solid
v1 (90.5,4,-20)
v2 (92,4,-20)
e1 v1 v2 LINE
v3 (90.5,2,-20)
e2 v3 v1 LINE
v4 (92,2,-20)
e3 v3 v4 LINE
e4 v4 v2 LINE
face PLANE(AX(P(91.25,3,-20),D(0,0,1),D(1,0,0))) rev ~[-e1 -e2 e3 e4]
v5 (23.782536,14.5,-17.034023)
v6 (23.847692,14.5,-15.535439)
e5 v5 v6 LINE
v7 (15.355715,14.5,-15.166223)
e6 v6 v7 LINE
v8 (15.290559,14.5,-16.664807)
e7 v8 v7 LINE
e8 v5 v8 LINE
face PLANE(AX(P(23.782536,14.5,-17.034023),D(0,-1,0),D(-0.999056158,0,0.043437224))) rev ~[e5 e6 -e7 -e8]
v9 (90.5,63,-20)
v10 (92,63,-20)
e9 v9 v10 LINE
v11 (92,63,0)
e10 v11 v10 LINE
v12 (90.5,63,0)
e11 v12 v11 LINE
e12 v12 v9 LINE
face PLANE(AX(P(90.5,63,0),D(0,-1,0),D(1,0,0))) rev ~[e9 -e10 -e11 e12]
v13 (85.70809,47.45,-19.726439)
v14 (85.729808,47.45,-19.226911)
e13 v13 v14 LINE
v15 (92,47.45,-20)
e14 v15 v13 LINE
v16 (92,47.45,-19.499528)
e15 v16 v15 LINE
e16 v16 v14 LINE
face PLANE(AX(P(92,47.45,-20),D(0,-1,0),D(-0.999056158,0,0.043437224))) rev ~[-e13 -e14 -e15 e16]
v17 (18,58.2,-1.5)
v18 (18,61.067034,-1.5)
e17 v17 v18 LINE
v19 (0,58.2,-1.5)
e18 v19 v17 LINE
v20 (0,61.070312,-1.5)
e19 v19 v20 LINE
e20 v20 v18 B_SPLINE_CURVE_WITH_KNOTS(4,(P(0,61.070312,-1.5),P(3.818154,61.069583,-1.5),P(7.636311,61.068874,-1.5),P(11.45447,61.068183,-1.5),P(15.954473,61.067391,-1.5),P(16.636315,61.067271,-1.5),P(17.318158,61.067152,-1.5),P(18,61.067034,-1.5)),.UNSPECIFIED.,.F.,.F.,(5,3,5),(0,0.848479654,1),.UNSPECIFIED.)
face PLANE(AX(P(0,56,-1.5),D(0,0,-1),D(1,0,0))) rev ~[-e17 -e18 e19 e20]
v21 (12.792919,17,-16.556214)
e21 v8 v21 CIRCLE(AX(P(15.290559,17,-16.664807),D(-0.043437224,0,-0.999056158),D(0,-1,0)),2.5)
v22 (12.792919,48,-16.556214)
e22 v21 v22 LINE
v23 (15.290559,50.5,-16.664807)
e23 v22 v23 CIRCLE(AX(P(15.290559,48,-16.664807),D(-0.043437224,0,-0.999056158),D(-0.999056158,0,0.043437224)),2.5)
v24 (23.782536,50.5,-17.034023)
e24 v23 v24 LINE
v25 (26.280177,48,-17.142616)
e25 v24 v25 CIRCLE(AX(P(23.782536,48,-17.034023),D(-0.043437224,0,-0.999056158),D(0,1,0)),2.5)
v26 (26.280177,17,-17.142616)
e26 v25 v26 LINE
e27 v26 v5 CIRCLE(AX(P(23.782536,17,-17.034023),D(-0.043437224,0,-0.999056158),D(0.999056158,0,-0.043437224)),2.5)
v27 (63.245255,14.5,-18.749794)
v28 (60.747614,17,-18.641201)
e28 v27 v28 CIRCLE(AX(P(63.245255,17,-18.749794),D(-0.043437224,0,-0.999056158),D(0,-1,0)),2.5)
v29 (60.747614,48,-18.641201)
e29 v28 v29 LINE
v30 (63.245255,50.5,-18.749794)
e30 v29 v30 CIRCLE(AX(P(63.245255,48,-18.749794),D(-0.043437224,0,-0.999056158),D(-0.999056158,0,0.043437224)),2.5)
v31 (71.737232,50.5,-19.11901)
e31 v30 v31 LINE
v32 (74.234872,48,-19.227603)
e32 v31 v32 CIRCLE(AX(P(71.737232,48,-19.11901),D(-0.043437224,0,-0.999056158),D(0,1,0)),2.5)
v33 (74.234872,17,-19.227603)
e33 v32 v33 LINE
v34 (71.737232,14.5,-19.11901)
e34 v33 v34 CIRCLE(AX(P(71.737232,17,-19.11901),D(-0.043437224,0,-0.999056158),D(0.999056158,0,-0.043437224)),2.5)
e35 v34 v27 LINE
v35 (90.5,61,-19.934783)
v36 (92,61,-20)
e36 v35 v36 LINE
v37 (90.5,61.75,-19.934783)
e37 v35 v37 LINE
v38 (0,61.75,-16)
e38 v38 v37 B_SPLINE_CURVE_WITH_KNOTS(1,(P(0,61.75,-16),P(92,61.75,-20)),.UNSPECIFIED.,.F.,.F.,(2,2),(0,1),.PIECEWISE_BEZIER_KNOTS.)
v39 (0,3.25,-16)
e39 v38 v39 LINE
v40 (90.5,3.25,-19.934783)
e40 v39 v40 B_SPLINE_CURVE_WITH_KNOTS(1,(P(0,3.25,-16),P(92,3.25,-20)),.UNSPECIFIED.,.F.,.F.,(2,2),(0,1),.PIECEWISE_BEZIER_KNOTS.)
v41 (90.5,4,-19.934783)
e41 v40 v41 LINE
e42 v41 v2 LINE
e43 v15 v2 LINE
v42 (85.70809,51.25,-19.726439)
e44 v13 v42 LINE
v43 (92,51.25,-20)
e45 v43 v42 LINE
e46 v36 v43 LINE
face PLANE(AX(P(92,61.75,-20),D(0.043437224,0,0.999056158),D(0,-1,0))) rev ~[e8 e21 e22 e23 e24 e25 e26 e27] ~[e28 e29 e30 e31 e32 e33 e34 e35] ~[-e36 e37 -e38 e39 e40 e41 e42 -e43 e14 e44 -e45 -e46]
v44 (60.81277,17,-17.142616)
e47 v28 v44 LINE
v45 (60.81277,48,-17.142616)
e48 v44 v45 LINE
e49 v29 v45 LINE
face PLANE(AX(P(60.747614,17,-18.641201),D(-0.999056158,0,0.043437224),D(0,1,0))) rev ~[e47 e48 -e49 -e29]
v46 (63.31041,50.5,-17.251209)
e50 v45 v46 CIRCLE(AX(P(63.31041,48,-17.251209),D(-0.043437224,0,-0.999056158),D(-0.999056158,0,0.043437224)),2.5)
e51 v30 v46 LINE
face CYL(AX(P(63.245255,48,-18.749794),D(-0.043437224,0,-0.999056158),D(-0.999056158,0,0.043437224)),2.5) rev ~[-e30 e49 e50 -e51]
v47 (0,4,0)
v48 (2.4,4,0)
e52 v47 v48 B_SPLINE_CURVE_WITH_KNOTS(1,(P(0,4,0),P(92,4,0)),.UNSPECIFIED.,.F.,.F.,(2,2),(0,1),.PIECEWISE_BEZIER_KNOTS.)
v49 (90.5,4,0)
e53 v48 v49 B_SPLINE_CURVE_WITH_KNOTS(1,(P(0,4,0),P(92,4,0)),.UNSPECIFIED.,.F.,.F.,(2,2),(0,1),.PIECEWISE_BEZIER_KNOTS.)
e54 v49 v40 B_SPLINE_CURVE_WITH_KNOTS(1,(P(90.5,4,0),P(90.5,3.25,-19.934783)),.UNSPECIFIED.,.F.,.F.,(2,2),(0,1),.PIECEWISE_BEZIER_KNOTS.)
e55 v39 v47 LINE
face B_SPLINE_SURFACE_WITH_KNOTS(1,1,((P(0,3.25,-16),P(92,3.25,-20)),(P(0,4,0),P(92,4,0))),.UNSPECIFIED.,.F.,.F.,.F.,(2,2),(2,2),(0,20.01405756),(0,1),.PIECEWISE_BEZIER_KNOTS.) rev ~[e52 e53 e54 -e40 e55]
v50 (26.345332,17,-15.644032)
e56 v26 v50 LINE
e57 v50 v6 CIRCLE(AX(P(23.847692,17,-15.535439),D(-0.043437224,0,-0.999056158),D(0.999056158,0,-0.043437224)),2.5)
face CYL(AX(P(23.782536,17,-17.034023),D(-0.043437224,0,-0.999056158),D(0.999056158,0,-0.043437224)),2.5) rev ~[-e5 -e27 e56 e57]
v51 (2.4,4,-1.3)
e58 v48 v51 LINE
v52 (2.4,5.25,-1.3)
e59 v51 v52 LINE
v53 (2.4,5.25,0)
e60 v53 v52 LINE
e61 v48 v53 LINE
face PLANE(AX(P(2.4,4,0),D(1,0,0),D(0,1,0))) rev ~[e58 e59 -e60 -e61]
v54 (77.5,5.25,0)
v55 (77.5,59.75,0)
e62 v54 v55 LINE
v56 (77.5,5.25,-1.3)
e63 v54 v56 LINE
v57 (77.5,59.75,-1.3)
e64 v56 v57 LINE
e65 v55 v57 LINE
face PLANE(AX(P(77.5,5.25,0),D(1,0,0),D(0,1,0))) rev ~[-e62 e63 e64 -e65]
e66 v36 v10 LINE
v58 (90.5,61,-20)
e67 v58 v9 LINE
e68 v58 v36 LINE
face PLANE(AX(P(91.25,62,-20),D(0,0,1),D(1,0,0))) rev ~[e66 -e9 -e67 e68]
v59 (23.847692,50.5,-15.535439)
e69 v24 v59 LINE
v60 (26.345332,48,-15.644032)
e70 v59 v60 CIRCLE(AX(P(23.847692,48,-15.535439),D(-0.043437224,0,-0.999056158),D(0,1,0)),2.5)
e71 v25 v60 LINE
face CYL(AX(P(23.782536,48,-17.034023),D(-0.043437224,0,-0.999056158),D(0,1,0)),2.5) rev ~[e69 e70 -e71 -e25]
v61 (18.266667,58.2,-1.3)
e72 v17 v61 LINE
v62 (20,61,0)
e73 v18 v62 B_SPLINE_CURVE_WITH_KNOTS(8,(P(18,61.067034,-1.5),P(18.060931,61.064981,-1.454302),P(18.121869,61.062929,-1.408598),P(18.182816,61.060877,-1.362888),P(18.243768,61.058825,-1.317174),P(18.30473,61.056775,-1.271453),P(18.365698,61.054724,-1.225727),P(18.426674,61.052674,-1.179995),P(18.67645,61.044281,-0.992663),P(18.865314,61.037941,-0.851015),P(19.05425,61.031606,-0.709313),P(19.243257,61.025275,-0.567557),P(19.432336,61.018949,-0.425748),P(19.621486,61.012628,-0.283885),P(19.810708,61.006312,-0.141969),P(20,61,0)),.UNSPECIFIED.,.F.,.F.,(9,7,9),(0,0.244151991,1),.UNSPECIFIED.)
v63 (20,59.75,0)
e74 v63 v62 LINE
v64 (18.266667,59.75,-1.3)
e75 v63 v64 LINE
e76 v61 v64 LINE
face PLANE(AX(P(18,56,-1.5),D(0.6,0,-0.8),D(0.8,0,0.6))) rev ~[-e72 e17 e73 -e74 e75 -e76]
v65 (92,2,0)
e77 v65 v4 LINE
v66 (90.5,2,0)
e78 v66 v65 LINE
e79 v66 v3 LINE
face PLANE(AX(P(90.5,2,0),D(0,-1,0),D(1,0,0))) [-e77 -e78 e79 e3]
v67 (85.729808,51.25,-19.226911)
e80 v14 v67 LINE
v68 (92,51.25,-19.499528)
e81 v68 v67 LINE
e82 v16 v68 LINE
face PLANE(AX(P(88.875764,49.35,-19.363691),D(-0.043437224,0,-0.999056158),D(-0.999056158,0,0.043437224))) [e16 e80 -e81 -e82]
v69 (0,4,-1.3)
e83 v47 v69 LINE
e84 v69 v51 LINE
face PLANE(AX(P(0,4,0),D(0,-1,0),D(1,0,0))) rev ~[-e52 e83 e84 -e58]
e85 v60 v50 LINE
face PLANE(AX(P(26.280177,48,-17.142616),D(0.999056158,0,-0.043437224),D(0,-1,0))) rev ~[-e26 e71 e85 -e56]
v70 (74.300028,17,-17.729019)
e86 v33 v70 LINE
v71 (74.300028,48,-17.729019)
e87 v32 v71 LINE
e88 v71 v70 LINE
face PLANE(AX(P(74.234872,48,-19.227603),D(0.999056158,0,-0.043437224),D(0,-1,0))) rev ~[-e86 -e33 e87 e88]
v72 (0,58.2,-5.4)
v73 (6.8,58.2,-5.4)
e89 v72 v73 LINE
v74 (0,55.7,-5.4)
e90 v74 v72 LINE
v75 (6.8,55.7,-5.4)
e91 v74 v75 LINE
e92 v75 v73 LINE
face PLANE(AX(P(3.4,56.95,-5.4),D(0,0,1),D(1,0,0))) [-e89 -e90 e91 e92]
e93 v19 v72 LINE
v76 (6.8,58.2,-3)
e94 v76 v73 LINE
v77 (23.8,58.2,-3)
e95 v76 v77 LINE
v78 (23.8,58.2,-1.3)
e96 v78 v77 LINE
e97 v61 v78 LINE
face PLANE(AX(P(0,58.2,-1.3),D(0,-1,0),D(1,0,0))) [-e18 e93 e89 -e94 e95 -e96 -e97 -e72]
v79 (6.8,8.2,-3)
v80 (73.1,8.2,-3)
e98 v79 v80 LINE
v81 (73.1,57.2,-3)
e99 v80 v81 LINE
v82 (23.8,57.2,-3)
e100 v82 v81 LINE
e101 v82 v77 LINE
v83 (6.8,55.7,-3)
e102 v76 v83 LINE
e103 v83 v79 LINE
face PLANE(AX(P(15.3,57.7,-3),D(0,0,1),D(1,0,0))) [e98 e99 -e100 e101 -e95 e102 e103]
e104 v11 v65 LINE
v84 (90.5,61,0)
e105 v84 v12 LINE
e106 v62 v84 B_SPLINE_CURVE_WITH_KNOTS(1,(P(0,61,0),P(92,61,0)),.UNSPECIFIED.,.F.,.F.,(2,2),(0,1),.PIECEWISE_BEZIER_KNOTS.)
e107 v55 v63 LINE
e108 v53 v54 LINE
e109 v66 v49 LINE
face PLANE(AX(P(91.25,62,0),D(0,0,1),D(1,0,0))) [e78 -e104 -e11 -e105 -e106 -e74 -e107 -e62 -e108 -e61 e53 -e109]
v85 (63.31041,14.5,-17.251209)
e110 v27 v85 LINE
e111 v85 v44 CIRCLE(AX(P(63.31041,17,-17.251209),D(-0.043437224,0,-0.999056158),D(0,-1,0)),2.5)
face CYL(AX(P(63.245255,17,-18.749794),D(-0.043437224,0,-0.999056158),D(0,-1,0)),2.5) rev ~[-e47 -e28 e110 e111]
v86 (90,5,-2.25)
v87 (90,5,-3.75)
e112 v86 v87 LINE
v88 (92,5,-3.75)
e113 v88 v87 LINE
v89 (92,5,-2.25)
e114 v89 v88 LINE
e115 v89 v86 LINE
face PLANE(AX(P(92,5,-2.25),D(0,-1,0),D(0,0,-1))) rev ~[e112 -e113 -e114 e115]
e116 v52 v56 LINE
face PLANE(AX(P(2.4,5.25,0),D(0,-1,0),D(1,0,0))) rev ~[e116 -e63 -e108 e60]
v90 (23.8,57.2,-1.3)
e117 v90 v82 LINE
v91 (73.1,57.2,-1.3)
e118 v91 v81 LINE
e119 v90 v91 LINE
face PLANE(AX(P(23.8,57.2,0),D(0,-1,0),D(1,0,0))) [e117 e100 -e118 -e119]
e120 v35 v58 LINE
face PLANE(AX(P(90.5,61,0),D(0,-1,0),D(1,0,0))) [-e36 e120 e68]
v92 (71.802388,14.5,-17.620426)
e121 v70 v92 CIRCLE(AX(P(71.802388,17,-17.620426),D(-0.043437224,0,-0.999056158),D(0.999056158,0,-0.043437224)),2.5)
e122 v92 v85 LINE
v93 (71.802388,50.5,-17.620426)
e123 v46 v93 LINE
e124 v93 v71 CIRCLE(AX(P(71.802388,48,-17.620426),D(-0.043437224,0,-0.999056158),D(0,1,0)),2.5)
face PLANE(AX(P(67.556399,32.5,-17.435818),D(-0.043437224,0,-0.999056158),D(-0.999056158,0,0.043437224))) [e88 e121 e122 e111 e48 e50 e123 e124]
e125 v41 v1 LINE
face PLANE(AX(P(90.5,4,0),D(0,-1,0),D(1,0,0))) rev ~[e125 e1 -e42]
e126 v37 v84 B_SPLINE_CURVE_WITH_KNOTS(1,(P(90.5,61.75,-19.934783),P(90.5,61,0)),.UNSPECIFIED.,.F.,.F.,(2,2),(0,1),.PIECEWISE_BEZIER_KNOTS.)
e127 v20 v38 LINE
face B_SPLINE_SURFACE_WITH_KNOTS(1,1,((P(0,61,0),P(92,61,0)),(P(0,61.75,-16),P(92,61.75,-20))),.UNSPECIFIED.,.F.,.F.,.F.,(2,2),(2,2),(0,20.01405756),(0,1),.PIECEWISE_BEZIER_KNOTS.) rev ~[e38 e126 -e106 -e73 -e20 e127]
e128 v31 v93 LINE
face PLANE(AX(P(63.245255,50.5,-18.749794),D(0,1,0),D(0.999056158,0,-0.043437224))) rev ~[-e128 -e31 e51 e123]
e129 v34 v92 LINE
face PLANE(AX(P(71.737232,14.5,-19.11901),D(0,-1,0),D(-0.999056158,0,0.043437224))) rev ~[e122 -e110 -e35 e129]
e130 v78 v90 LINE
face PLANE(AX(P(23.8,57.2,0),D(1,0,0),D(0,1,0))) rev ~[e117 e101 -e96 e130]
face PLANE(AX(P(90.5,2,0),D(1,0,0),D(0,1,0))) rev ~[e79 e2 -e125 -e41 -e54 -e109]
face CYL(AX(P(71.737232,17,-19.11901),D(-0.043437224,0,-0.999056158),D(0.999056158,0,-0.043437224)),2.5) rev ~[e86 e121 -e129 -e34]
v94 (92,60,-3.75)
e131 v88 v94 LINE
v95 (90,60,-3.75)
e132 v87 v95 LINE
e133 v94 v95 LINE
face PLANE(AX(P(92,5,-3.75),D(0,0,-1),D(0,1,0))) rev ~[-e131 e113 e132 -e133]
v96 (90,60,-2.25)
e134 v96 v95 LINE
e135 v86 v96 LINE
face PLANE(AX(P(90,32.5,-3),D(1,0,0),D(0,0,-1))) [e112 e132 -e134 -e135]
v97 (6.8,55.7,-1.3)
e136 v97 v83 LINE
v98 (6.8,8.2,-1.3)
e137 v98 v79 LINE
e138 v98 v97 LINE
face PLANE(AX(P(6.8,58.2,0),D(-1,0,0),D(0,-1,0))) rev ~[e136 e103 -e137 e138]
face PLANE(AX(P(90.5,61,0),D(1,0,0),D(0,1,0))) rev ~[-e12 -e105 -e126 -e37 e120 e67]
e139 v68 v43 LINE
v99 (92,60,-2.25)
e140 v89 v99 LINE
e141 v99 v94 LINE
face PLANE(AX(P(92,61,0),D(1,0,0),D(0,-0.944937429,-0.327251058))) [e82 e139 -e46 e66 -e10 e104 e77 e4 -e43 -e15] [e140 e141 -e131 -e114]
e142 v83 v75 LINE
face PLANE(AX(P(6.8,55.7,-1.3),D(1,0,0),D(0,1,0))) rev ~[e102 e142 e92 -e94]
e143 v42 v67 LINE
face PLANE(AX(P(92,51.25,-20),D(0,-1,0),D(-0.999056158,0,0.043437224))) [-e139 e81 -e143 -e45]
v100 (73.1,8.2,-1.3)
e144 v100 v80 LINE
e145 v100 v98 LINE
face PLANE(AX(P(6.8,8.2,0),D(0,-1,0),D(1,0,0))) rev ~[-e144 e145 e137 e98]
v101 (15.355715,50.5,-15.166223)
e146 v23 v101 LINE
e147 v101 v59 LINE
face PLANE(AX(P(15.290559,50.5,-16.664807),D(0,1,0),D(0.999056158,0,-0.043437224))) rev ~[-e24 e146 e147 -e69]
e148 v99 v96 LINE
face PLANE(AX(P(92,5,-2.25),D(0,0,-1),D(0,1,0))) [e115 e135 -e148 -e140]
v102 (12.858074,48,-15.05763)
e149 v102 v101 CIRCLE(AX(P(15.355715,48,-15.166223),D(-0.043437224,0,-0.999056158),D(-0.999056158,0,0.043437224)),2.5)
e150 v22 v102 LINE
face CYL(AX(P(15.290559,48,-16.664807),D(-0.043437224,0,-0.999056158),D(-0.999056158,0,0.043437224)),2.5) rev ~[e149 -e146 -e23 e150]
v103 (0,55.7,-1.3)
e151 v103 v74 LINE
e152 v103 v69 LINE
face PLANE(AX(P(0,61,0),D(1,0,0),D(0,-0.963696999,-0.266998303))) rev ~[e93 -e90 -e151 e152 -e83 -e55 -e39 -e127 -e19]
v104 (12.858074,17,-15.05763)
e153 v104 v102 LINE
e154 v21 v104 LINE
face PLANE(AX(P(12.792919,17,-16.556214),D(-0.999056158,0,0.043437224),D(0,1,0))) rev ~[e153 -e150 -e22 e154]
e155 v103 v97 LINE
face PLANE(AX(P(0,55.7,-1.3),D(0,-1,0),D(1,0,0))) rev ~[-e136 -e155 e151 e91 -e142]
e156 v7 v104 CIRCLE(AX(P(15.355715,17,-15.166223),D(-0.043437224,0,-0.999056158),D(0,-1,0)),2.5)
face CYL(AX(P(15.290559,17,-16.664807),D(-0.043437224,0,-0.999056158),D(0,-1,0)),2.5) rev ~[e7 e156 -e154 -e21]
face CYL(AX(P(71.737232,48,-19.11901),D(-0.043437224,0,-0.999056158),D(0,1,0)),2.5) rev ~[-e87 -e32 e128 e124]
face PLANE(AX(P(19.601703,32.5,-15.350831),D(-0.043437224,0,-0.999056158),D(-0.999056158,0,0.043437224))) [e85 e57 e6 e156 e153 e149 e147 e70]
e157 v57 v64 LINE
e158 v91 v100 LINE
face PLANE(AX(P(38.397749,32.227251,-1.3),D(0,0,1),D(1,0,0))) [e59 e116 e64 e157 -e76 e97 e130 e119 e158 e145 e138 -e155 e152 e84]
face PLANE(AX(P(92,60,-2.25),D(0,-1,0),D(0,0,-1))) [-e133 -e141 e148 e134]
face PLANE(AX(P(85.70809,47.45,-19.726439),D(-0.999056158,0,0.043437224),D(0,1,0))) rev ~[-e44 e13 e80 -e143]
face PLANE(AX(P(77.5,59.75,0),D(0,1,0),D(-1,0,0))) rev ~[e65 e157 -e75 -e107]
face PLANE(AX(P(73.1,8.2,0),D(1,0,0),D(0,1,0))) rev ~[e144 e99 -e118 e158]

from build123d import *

# Parameters (mm, degrees)
SKETCH6_W               = 17
SKETCH6_H               = 1
SKETCH6_W_2             = 66.3
SKETCH6_H_2             = 49
FILM_PLANE_DEPTH        = 3
CUT_EXTRUDE2_DEPTH      = 1.3
NOTCH_W                 = 6.8
NOTCH_H                 = 2.5
NOTCH_CUT_DEPTH         = 4.1
SKETCH10_W              = 6.297854397
SKETCH10_H              = 3.8
CUT_EXTRUDE4_DEPTH      = 0.5
CUT_EXTRUDE5_DEPTH      = 1.5
CUT_EXTRUDE6_DEPTH      = 111.449366381
CUT_EXTRUDE6_DEPTH_BACK = 5
SKETCH_1_W              = 1.5
SKETCH_1_H              = 55
OUTLET_DEPTH            = 2
SKETCH_6_W              = 1.5
SKETCH_6_H              = 2
EXTRUDE_1_DEPTH         = 20


with BuildPart() as part:
    # Sketch3 → body section 0
    with BuildSketch(Plane(origin=(0, 0, 0), x_dir=(0, 0, -1), z_dir=(1, 0, 0))):
        with BuildLine():
            Line((0, 61), (16, 61.75))
            Line((16, 61.75), (16, 3.25))
            Line((16, 3.25), (0, 4))
            Line((0, 4), (0, 61))
        make_face()
    # Sketch2 → body section 1
    with BuildSketch(Plane(origin=(92, 0, 0), x_dir=(0, 0, -1), z_dir=(1, 0, 0))):
        with BuildLine():
            Line((0, 61), (20, 61.75))
            Line((20, 61.75), (20, 3.25))
            Line((20, 3.25), (0, 4))
            Line((0, 4), (0, 61))
        make_face()
    loft()

    # Sketch6 → film plane (cut)
    with BuildSketch(Plane.XY):
        with Locations((15.3, 57.7)):
            Rectangle(SKETCH6_W, SKETCH6_H)
        with Locations((39.95, 32.7)):
            Rectangle(SKETCH6_W_2, SKETCH6_H_2)
    extrude(amount=-FILM_PLANE_DEPTH, mode=Mode.SUBTRACT)

    # Sketch7 → Cut-Extrude2 (cut)
    with BuildSketch(Plane.XY):
        Polygon((77.5, 5.25), (77.5, 59.75), (0, 59.75), (0, 4), (2.4, 4), (2.4, 5.25), align=None)
        Polygon((23.8, 58.2), (23.8, 57.2), (73.1, 57.2), (73.1, 8.2), (6.8, 8.2), (6.8, 58.2), align=None, mode=Mode.SUBTRACT)
    extrude(amount=-CUT_EXTRUDE2_DEPTH, mode=Mode.SUBTRACT)

    # notch → notch-cut (cut)
    with BuildSketch(Plane.XY.offset(-1.3)):
        with Locations((3.4, 56.95)):
            Rectangle(NOTCH_W, NOTCH_H)
    extrude(amount=-NOTCH_CUT_DEPTH, mode=Mode.SUBTRACT)

    # Sketch10 → Cut-Extrude4 (cut)
    with BuildSketch(Plane(origin=(-0.694339623, 0, -15.969811321), x_dir=(-0.9990561583550596, 0, 0.04343722427630701), z_dir=(-0.043437224276307015, 0, -0.9990561583550597))):
        with Locations((-89.632983856, 49.35)):
            Rectangle(SKETCH10_W, SKETCH10_H)
    extrude(amount=-CUT_EXTRUDE4_DEPTH, mode=Mode.SUBTRACT)

    # Sketch11 → Cut-Extrude5 (cut)
    with BuildSketch(Plane(origin=(-0.694339623, 0, -15.969811321), x_dir=(-0.9990561583550596, 0, 0.04343722427630701), z_dir=(-0.043437224276307015, 0, -0.9990561583550597))):
        with BuildLine():
            Line((-72.5, 14.5), (-64, 14.5))
            ThreePointArc((-64, 14.5), (-62.232233047, 15.232233047), (-61.5, 17))
            Line((-61.5, 17), (-61.5, 48))
            ThreePointArc((-61.5, 48), (-62.232233047, 49.767766953), (-64, 50.5))
            Line((-64, 50.5), (-72.5, 50.5))
            ThreePointArc((-72.5, 50.5), (-74.267766953, 49.767766953), (-75, 48))
            Line((-75, 48), (-75, 17))
            ThreePointArc((-75, 17), (-74.267766953, 15.232233047), (-72.5, 14.5))
        make_face()
        with BuildLine():
            Line((-24.5, 14.5), (-16, 14.5))
            ThreePointArc((-16, 14.5), (-14.232233047, 15.232233047), (-13.5, 17))
            Line((-13.5, 17), (-13.5, 48))
            ThreePointArc((-13.5, 48), (-14.232233047, 49.767766953), (-16, 50.5))
            Line((-16, 50.5), (-24.5, 50.5))
            ThreePointArc((-24.5, 50.5), (-26.267766953, 49.767766953), (-27, 48))
            Line((-27, 48), (-27, 17))
            ThreePointArc((-27, 17), (-26.267766953, 15.232233047), (-24.5, 14.5))
        make_face()
    extrude(amount=-CUT_EXTRUDE5_DEPTH, mode=Mode.SUBTRACT)

    # Sketch5 → Cut-Extrude6 (cut, two sides: drawn at the far end of the back side and taken through both)
    with BuildSketch(Plane(origin=(0, 61, 0), x_dir=(1, 0, 0), z_dir=(0, 1, 0)).offset(-CUT_EXTRUDE6_DEPTH_BACK)):
        Polygon((0, 1.5), (18, 1.5), (20, 0), (0, 0), align=None)
    extrude(amount=CUT_EXTRUDE6_DEPTH + CUT_EXTRUDE6_DEPTH_BACK, mode=Mode.SUBTRACT)

    # 草图1 → outlet (cut)
    with BuildSketch(Plane(origin=(92, 0, 0), x_dir=(0, 0, -1), z_dir=(1, 0, 0))):
        with Locations((3, 32.5)):
            Rectangle(SKETCH_1_W, SKETCH_1_H)
    extrude(amount=-OUTLET_DEPTH, mode=Mode.SUBTRACT)

    # 草图6 → 凸台-拉伸1 (add)
    with BuildSketch(Plane.XY):
        with Locations((91.25, 62)):
            Rectangle(SKETCH_6_W, SKETCH_6_H)
        with Locations((91.25, 3)):
            Rectangle(SKETCH_6_W, SKETCH_6_H)
    extrude(amount=-EXTRUDE_1_DEPTH)


solid = part.part
